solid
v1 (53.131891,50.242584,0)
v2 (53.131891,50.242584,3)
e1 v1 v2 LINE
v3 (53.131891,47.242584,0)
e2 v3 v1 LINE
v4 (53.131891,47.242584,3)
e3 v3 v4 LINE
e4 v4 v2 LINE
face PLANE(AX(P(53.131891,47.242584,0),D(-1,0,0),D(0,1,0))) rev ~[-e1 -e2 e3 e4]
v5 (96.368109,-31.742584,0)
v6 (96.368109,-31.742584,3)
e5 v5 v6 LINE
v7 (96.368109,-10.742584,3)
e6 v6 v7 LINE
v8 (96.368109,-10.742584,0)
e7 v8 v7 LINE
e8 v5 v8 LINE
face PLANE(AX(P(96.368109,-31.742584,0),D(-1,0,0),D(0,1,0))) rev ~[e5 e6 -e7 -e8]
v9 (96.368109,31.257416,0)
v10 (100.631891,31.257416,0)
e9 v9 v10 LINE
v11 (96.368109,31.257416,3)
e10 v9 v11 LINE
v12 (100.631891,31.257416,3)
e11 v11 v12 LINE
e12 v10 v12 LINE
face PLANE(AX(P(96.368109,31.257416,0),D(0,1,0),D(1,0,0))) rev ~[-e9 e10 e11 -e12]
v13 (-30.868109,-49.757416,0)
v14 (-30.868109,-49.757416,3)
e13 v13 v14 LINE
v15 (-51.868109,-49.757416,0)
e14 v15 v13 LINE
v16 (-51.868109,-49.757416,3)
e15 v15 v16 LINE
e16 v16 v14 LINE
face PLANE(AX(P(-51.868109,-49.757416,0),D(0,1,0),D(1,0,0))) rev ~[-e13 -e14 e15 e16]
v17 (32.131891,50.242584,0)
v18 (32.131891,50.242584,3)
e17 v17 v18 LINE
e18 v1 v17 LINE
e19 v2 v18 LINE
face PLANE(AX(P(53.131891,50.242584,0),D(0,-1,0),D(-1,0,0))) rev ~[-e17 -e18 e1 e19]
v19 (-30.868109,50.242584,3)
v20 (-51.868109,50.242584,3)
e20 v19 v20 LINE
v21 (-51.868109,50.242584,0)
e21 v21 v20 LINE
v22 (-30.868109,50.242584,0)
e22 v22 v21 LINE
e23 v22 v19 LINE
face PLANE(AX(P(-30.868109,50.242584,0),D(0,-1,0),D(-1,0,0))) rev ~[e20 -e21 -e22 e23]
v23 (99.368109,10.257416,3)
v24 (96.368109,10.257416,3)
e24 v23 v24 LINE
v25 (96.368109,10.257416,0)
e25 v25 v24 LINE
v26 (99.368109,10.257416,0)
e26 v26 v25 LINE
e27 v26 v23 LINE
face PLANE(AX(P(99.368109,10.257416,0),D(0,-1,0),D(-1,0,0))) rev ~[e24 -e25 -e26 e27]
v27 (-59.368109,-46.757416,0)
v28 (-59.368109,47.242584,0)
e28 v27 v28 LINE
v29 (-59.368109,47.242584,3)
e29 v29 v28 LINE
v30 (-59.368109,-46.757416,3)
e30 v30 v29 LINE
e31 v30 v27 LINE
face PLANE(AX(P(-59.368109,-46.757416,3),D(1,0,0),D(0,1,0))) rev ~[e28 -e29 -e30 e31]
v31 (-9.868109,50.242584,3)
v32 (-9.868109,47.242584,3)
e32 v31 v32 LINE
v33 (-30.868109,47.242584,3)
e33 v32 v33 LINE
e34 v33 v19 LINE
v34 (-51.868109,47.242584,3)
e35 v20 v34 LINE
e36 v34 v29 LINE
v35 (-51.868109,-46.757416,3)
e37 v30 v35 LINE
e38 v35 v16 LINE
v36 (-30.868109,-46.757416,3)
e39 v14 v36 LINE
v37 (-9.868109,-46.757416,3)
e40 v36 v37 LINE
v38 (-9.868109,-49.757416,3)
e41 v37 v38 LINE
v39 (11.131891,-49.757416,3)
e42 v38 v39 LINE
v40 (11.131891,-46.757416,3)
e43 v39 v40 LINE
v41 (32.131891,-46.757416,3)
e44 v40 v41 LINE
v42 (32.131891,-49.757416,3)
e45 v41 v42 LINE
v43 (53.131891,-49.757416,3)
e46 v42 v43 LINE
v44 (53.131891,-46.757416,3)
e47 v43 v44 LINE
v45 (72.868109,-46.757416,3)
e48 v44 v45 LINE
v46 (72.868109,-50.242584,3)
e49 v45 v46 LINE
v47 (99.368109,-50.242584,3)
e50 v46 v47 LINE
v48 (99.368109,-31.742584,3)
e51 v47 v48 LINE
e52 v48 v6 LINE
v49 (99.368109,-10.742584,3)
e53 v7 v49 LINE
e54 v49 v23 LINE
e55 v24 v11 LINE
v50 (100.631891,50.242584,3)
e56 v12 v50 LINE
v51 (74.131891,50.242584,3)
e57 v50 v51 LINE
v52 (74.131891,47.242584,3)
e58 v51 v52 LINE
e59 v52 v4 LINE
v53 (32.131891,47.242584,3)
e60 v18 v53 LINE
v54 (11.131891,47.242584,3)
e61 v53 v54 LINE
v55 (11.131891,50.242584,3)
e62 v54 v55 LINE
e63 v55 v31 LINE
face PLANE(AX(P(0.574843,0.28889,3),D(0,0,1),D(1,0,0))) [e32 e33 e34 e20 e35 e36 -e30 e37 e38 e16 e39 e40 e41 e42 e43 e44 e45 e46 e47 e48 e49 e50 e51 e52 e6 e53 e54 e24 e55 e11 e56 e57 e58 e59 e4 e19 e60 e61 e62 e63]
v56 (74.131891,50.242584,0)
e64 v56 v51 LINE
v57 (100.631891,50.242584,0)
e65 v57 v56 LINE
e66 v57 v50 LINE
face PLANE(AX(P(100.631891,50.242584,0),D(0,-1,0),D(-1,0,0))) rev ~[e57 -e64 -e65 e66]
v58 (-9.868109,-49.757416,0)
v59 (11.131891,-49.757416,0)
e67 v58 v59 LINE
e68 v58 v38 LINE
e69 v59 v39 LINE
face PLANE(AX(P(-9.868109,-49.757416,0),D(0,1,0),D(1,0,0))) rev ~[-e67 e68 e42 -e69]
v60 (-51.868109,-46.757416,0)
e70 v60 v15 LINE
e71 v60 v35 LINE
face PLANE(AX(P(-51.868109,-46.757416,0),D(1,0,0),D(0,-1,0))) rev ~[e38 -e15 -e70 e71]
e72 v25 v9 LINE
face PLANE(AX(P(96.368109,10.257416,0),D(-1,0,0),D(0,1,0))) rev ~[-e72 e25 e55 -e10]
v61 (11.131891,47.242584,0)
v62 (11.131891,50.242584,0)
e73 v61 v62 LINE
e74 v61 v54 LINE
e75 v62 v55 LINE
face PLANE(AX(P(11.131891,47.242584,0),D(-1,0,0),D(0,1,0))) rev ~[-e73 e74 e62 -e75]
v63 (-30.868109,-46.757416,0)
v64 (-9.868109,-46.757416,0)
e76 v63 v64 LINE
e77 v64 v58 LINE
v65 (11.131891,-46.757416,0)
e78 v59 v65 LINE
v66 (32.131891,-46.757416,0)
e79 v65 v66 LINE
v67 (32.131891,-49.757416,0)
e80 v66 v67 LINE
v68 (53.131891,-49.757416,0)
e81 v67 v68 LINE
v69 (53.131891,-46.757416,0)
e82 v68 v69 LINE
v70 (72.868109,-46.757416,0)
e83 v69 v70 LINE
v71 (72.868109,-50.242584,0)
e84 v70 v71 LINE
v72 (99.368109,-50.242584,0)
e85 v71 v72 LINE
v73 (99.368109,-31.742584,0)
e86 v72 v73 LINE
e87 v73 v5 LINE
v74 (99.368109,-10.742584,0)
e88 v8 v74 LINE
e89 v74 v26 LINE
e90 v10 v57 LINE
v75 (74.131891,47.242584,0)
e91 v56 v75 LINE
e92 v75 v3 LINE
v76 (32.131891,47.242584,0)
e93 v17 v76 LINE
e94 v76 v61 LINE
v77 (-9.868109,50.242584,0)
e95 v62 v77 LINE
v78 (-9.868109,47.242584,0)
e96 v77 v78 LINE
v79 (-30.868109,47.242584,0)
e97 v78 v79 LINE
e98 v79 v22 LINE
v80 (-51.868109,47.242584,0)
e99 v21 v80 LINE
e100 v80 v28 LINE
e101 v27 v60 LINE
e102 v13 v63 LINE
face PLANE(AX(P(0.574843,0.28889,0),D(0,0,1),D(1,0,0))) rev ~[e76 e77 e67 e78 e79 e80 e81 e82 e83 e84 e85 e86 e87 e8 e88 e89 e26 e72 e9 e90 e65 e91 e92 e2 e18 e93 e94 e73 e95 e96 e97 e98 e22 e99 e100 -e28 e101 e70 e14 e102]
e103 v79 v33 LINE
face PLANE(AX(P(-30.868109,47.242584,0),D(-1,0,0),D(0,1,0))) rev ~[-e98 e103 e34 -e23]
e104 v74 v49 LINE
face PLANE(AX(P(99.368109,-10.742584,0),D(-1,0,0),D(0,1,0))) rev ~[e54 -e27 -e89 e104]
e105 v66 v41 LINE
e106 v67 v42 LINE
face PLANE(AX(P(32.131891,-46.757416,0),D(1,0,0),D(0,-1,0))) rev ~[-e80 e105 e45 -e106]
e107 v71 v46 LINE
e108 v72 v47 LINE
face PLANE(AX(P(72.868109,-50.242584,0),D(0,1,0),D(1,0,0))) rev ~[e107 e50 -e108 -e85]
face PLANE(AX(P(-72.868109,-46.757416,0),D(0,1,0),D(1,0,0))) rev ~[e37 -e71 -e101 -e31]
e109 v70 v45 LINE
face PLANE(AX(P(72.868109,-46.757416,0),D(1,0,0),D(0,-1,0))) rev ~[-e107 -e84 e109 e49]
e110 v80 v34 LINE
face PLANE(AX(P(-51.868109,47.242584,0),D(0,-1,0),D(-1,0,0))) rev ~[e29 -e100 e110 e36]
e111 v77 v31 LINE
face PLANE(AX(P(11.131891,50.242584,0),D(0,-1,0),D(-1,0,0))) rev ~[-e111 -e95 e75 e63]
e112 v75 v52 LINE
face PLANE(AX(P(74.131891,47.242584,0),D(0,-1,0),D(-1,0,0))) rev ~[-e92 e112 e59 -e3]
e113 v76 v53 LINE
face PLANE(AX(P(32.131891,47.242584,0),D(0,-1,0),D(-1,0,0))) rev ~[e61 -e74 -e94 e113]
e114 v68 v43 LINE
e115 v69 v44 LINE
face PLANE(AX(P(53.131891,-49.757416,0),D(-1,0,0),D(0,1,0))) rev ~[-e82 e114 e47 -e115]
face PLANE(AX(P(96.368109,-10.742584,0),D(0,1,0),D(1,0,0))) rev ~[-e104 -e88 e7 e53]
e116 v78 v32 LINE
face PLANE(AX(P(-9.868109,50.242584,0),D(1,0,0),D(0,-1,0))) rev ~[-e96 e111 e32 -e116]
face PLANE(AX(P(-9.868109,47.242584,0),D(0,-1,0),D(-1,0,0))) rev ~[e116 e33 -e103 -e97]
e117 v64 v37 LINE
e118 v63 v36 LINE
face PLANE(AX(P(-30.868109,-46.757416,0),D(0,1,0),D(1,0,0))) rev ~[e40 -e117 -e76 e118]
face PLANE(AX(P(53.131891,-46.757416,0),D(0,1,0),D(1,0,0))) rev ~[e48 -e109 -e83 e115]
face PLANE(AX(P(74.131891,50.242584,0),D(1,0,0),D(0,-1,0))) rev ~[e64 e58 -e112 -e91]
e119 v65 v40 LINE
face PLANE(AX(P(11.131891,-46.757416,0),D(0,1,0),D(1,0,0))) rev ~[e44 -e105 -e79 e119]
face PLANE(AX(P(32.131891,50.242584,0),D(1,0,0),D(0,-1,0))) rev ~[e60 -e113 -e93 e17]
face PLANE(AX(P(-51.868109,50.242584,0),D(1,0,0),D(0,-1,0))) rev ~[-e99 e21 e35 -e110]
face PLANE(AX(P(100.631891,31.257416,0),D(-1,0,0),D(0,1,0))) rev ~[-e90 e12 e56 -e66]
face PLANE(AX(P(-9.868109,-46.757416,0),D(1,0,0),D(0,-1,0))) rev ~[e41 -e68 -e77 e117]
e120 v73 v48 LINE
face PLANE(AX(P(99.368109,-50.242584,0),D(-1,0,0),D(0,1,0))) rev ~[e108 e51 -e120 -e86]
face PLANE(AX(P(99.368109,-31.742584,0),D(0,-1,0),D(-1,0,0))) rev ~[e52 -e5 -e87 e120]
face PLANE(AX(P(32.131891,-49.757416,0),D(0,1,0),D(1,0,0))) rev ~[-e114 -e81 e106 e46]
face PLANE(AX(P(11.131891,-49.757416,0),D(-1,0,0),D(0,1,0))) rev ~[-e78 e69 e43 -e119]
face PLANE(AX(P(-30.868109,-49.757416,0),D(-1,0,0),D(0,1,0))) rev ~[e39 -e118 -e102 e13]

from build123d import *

# Parameters (mm, degrees)
SALIENTE_EXTRUIR1_DEPTH = 3
CORTAR_EXTRUIR3_DEPTH   = 10


with BuildPart() as part:
    # Croquis1 → Saliente-Extruir1 (new body)
    with BuildSketch(Plane.XY):
        Polygon((-99.368109251, 50.24258427), (-99.368109251, 31.74258427), (-96.368109251, 31.74258427), (-96.368109251, 10.74258427), (-99.368109251, 10.74258427), (-99.368109251, -10.25741573), (-96.368109251, -10.25741573), (-96.368109251, -31.25741573), (-99.368109251, -31.25741573), (-99.368109251, -49.75741573), (-72.868109251, -49.75741573), (-72.868109251, -46.75741573), (-51.868109251, -46.75741573), (-51.868109251, -49.75741573), (-30.868109251, -49.75741573), (-30.868109251, -46.75741573), (-9.868109251, -46.75741573), (-9.868109251, -49.75741573), (11.131890749, -49.75741573), (11.131890749, -46.75741573), (32.131890749, -46.75741573), (32.131890749, -49.75741573), (53.131890749, -49.75741573), (53.131890749, -46.75741573), (72.868109251, -46.75741573), (72.868109251, -50.24258427), (93.868109251, -50.24258427), (99.368109251, -50.24258427), (99.368109251, -31.74258427), (96.368109251, -31.74258427), (96.368109251, -10.74258427), (99.368109251, -10.74258427), (99.368109251, 10.25741573), (96.368109251, 10.25741573), (96.368109251, 31.25741573), (100.631890749, 31.25741573), (100.631890749, 50.24258427), (74.131890749, 50.24258427), (74.131890749, 47.24258427), (53.131890749, 47.24258427), (53.131890749, 50.24258427), (32.131890749, 50.24258427), (32.131890749, 47.24258427), (11.131890749, 47.24258427), (11.131890749, 50.24258427), (-9.868109251, 50.24258427), (-9.868109251, 47.24258427), (-30.868109251, 47.24258427), (-30.868109251, 50.24258427), (-51.868109251, 50.24258427), (-51.868109251, 47.24258427), (-72.868109251, 47.24258427), (-72.868109251, 50.24258427), (-93.868109251, 50.24258427), align=None)
    extrude(amount=SALIENTE_EXTRUIR1_DEPTH)

    # Croquis2 → Cortar-Extruir3 (cut)
    with BuildSketch(Plane.XY.offset(3)):
        Polygon((-72.868109251, 50.24258427), (-99.368109251, 50.24258427), (-99.368109251, 31.74258427), (-96.368109251, 31.74258427), (-96.368109251, 10.74258427), (-99.368109251, 10.74258427), (-99.368109251, -10.25741573), (-96.368109251, -10.25741573), (-96.368109251, -31.25741573), (-99.368109251, -31.25741573), (-99.368109251, -49.75741573), (-72.868109251, -49.75741573), (-72.868109251, -46.75741573), (-59.368109251, -46.75741573), (-59.368109251, 47.24258427), (-72.868109251, 47.24258427), align=None)
    extrude(amount=-CORTAR_EXTRUIR3_DEPTH, mode=Mode.SUBTRACT)


solid = part.part
